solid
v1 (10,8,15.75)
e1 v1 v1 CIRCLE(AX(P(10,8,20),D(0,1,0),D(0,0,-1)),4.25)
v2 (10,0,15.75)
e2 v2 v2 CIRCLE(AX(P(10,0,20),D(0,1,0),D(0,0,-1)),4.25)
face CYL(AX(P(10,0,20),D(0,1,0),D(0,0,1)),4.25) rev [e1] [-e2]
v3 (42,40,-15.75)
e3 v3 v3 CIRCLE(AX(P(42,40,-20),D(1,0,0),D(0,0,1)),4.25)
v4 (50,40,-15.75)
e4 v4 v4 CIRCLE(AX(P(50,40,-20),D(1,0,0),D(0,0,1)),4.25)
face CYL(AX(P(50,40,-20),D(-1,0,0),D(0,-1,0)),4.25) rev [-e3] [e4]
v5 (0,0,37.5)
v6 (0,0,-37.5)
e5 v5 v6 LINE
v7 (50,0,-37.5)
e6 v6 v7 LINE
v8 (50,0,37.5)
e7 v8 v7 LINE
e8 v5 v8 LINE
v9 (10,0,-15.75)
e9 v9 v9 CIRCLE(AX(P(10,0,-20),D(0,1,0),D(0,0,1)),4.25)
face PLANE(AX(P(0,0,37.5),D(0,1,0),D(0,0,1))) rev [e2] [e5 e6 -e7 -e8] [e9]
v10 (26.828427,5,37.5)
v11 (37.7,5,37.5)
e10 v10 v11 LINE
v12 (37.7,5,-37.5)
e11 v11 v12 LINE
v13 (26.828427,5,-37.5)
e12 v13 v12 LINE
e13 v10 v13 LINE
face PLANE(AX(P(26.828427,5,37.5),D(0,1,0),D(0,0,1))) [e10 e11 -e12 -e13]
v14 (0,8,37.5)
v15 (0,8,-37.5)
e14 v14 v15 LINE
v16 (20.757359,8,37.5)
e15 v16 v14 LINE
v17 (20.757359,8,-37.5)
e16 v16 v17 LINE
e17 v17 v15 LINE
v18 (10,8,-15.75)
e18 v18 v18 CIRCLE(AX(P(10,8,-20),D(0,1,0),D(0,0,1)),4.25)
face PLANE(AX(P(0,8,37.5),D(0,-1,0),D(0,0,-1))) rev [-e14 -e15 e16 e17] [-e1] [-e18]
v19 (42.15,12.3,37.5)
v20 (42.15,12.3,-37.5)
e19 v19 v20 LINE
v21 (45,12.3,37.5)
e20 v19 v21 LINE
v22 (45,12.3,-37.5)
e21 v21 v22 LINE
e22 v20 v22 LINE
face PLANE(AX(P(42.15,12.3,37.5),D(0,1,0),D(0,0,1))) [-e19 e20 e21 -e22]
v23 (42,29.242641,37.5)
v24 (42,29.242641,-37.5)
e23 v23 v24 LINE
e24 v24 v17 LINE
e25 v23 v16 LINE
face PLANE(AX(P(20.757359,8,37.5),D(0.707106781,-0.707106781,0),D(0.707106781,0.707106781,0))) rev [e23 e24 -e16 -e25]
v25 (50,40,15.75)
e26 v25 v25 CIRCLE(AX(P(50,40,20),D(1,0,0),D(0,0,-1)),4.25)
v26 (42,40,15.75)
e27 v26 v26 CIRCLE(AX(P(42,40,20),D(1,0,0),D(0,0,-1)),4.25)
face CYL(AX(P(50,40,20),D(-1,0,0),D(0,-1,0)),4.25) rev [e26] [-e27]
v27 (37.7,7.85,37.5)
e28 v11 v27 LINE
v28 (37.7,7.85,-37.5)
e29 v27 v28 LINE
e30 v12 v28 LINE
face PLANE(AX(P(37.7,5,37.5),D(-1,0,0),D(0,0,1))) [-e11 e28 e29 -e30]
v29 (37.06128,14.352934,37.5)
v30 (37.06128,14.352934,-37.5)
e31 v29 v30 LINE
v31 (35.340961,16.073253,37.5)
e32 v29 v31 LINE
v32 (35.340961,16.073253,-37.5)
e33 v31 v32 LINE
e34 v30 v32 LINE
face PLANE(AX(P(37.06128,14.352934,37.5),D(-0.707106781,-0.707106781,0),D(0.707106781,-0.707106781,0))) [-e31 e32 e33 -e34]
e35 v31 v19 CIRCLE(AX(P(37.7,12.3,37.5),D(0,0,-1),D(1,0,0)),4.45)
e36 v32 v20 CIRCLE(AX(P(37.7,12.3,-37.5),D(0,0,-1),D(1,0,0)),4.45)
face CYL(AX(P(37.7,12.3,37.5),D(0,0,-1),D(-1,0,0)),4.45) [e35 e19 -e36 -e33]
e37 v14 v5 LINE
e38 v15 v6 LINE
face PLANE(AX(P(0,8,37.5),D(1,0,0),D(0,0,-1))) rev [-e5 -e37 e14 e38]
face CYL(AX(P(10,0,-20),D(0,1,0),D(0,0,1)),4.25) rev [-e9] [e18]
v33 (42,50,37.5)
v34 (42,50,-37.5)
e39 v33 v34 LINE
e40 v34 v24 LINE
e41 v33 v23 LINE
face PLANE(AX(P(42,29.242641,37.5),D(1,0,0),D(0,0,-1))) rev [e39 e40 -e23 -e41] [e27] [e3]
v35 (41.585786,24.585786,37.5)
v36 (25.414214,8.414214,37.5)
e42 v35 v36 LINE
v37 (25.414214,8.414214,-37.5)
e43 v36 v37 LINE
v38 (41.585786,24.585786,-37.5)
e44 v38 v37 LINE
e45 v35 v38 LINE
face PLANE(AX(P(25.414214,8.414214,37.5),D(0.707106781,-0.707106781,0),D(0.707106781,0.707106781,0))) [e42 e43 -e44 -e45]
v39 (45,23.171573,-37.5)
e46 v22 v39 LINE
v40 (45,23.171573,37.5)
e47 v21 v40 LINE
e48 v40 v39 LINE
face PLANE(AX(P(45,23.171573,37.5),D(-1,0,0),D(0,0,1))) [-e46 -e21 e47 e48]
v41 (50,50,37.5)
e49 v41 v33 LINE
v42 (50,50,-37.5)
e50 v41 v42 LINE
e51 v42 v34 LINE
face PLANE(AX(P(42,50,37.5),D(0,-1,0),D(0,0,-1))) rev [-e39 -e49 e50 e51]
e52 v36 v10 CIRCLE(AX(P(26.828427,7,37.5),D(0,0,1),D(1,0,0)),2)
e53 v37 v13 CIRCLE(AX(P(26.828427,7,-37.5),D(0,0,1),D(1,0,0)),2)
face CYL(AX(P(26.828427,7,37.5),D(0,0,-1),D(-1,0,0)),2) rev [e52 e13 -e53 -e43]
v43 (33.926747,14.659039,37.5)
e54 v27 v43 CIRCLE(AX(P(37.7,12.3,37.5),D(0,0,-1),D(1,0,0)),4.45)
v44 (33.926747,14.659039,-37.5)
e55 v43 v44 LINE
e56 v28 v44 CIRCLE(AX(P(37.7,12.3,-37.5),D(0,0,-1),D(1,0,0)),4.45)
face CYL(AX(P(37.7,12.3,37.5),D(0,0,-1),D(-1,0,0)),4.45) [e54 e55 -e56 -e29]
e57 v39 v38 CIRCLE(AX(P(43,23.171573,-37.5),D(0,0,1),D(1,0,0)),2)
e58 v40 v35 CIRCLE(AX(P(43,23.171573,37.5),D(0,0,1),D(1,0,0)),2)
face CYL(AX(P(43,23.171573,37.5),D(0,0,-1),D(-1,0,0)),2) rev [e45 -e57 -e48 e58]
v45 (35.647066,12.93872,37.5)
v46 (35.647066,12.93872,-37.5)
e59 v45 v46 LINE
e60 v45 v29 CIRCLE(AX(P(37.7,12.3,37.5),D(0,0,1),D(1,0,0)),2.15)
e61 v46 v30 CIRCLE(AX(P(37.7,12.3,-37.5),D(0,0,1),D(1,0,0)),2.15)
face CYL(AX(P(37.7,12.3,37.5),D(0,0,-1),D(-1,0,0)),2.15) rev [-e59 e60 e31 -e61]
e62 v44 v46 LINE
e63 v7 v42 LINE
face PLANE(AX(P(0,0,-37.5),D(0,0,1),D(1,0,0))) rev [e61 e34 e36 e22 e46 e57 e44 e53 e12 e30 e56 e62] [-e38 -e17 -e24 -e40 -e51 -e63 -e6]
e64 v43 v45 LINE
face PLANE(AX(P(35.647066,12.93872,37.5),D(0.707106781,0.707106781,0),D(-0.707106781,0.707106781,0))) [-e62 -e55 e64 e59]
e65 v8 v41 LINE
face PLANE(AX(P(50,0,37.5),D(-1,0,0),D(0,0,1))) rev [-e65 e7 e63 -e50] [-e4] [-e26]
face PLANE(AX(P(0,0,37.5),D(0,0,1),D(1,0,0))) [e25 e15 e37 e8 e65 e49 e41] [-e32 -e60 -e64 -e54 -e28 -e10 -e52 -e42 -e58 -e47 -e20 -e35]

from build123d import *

# Parameters (mm, degrees)
EXTRUDE_1_DEPTH     = 37.5
SKETCH_3_R          = 4.25
CUT_EXTRUDE_1_DEPTH = 76.30106241


with BuildPart() as part:
    # 草图1 → 凸台-拉伸1 (new, symmetric)
    with BuildSketch(Plane.XY):
        Polygon((0, 0), (50, 0), (50, 50), (42, 50), (42, 29.242640687), (20.757359313, 8), (0, 8), align=None)
        with BuildLine():
            Line((37.061279898, 14.352933665), (35.340960992, 16.07325257))
            ThreePointArc((35.340960992, 16.07325257), (39.856939547, 16.192314452), (42.15, 12.3))
            Line((42.15, 12.3), (45, 12.3))
            Line((45, 12.3), (45, 23.171572875))
            ThreePointArc((45, 23.171572875), (43.765366865, 25.01933194), (41.585786438, 24.585786438))
            Line((41.585786438, 24.585786438), (25.414213562, 8.414213562))
            ThreePointArc((25.414213562, 8.414213562), (24.98066806, 6.234633135), (26.828427125, 5))
            Line((26.828427125, 5), (37.7, 5))
            Line((37.7, 5), (37.7, 7.85))
            ThreePointArc((37.7, 7.85), (33.807685548, 10.143060453), (33.92674743, 14.659039008))
            Line((33.92674743, 14.659039008), (35.647066335, 12.938720102))
            ThreePointArc((35.647066335, 12.938720102), (39.22027958, 10.77972042), (37.061279898, 14.352933665))
        make_face(mode=Mode.SUBTRACT)
    extrude(amount=EXTRUDE_1_DEPTH, both=True)

    # 草图3 → 切除-拉伸1 (cut, through all)
    with BuildSketch(Plane(origin=(0, 8, 0), x_dir=(1, 0, 0), z_dir=(0, 1, 0))):
        with Locations(Location((10, 20, 0), (0, 0, 270))):
            Circle(SKETCH_3_R)
        with Locations(Location((10, -20, 0), (0, 0, 90))):
            Circle(SKETCH_3_R)
    cut_extrude_1 = extrude(amount=-CUT_EXTRUDE_1_DEPTH, mode=Mode.SUBTRACT)

    # 镜向1: 切除-拉伸1 across plane
    add(cut_extrude_1.mirror(Plane(origin=(25, 25, 0), x_dir=(0, 0, 1), z_dir=(0.7071067811865487, 0.7071067811865464, 0))), mode=Mode.SUBTRACT)


solid = part.part
